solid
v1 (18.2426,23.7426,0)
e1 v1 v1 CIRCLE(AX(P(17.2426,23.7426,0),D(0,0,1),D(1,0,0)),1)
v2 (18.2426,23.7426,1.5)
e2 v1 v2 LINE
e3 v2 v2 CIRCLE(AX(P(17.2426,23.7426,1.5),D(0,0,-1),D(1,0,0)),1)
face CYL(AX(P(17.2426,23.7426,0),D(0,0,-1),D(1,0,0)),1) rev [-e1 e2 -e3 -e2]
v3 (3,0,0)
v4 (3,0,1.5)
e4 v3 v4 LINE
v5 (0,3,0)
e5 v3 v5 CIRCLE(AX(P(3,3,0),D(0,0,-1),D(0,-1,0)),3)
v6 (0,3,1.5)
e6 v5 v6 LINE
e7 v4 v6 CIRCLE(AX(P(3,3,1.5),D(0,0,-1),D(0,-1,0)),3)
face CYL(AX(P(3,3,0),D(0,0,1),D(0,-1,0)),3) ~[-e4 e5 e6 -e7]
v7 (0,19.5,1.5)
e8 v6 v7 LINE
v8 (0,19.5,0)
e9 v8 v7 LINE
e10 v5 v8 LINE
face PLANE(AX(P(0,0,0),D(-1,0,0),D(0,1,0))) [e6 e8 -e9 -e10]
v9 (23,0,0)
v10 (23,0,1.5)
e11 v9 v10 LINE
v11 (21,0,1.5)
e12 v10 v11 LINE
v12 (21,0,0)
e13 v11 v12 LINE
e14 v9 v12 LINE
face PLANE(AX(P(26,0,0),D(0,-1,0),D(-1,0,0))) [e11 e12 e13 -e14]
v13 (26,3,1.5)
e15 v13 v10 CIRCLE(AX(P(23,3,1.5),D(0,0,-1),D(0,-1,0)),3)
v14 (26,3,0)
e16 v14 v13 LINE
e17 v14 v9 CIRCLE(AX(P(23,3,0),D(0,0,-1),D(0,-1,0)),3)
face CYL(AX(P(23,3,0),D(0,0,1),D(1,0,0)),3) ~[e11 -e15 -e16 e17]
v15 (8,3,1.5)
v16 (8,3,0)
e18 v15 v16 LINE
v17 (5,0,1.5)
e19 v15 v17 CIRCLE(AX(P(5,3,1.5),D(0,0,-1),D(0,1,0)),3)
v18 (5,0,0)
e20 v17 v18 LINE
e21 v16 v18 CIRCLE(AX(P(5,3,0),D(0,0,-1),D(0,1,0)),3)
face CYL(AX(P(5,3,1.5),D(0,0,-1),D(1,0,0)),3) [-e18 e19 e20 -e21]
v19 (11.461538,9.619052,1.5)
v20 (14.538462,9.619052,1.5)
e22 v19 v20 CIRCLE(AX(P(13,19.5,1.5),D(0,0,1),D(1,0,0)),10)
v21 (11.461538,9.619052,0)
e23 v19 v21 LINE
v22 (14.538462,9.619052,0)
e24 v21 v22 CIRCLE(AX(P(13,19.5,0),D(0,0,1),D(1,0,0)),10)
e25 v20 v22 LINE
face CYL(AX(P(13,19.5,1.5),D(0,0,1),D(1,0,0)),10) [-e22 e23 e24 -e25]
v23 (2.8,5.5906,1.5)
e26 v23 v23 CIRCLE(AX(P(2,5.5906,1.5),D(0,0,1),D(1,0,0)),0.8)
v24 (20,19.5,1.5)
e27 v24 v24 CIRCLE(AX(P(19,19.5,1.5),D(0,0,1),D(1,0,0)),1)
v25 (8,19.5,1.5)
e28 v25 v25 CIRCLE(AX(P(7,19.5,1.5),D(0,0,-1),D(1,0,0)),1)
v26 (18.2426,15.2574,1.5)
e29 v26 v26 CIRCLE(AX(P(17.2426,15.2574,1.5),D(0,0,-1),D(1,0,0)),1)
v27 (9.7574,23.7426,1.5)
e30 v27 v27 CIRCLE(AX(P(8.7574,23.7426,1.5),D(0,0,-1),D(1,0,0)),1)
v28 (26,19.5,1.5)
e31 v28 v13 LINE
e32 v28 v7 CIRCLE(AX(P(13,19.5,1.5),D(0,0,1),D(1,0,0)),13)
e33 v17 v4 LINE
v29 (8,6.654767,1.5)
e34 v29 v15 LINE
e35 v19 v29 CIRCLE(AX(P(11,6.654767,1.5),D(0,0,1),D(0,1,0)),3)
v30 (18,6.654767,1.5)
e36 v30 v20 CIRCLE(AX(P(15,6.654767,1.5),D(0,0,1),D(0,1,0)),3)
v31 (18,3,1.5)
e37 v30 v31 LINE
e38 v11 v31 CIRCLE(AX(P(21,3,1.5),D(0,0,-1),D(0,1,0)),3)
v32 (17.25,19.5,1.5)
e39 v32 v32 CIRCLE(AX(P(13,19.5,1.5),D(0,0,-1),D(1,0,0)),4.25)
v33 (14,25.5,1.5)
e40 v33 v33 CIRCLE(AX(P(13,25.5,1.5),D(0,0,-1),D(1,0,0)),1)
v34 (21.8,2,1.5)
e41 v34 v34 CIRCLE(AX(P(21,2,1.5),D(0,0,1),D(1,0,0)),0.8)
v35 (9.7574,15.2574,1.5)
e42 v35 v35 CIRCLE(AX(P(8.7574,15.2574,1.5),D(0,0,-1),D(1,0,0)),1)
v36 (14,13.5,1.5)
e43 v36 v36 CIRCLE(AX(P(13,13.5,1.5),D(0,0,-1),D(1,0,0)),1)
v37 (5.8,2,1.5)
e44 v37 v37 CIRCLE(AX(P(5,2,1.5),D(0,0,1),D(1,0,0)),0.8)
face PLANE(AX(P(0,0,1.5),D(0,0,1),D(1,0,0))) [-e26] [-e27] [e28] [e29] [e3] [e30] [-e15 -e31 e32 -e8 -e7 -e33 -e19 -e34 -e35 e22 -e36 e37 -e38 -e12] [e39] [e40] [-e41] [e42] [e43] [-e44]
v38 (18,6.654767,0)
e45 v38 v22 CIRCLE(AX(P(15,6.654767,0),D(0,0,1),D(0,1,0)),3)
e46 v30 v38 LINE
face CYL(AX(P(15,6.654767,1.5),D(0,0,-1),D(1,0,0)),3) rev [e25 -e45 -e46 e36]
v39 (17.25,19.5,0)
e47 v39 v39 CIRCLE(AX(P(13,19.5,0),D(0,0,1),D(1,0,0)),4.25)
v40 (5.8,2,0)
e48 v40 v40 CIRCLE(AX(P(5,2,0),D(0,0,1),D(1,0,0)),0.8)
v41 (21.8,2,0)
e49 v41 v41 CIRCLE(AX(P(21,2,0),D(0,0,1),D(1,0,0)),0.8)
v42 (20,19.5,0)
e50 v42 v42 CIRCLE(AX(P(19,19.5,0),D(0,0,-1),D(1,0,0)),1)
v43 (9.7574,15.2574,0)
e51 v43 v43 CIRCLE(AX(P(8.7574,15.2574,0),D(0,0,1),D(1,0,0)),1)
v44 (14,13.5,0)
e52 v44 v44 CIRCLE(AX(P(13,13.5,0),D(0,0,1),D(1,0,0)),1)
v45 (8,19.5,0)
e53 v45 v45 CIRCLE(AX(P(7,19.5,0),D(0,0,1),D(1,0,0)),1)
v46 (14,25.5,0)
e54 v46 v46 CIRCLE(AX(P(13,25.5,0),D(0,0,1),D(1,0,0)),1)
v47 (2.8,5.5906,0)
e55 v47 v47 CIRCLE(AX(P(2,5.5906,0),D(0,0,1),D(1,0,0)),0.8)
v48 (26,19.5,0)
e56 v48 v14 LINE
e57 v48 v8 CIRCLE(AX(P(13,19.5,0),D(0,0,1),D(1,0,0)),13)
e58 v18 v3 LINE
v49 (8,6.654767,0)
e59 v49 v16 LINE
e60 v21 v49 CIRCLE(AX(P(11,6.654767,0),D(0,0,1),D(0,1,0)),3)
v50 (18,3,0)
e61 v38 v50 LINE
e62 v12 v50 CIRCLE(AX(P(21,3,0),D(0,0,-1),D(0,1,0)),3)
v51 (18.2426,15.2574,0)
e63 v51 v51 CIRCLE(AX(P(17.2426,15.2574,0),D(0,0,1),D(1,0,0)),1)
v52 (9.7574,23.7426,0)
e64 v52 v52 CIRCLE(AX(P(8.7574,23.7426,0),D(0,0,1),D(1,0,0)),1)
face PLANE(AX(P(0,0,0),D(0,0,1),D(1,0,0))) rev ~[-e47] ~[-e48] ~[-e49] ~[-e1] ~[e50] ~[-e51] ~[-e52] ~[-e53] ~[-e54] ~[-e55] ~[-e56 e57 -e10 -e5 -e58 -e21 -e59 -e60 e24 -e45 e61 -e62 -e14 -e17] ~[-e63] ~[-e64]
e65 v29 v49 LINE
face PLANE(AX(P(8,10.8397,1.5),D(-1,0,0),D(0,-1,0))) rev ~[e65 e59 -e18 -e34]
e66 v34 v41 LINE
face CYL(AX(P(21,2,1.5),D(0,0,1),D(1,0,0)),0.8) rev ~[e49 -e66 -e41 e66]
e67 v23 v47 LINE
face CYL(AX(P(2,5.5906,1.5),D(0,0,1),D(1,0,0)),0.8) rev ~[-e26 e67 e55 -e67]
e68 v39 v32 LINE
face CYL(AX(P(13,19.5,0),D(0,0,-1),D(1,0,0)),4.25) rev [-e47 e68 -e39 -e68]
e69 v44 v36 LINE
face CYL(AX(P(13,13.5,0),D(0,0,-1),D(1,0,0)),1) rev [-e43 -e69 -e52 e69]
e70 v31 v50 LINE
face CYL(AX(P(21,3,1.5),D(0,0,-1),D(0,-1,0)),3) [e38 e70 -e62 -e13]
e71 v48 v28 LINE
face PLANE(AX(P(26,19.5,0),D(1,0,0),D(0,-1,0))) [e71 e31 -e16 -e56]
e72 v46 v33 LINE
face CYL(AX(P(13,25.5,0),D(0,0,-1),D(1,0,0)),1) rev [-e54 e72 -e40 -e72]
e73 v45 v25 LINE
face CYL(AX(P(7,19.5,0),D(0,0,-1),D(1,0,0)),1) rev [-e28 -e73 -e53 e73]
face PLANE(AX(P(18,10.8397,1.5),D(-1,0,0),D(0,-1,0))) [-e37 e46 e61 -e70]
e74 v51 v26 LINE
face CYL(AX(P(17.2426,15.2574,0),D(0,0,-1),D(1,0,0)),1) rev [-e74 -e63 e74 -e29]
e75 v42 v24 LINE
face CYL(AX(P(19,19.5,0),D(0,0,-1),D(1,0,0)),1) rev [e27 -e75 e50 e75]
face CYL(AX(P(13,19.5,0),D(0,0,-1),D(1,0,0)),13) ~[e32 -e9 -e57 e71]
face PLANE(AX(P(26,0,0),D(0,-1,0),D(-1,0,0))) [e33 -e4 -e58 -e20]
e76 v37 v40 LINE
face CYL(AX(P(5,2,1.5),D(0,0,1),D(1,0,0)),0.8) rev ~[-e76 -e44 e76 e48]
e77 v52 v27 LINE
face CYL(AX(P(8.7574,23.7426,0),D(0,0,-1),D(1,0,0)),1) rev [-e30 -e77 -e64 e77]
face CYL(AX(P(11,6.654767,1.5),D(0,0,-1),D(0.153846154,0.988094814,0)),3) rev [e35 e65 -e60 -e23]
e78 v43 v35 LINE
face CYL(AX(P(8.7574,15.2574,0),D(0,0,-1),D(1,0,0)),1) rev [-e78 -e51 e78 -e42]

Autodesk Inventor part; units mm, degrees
ref_plane "YZ Plane" through (0, 0, 0) normal (1, 0, 0) x (0, 1, 0)
ref_plane "XZ Plane" through (0, 0, 0) normal (0, 1, 0) x (-1, 0, 0)
ref_plane "XY Plane" through (0, 0, 0) normal (0, 0, 1) x (1, 0, 0)
sketch "スケッチ1" plane through (0, 0, 0) normal (0, 0, 1) x (1, 0, 0)
  line L0 (0, 19.5) -> (26, 19.5)
  line L1 (26, 19.5) -> (26, 0)
  line L2 (26, 0) -> (0, 0)
  line L3 (0, 0) -> (0, 19.5)
  circle A0 centre (13, 19.5) radius 13
  circle A1 centre (13, 19.5) radius 4.25
  circle A2 centre (13, 19.5) radius 6
  circle A3 centre (13, 25.5) radius 1
  circle A4 centre (8.7574, 23.7426) radius 1
  circle A5 centre (7, 19.5) radius 1
  circle A6 centre (8.7574, 15.2574) radius 1
  circle A7 centre (13, 13.5) radius 1
  circle A8 centre (17.2426, 15.2574) radius 1
  circle A9 centre (19, 19.5) radius 1
  circle A10 centre (17.2426, 23.7426) radius 1
  point P0 (0, 19.5)
  dimension "d3" = 12
  dimension "d0" = 19.5
  dimension "d1" = 26
  dimension "d2" = 8.5
  dimension "d4" = 2
  dimension "d7" = 360
extrude "押し出し1" add sketch "スケッチ1" along normal blind 1.5 contours A9 A2 A10 A3 A4 A5 L0 A0 | L0 A0 A5 A2 A6 A7 A8 A9 | A9 A2 A8 A7 A6 A5 L0 A1 | L0 A1 A5 A2 A4 A3 A10 A9 | L1 L2 L3 A0
sketch "スケッチ2" plane through (0, 0, 1.5) normal (0, 0, 1) x (1, 0, 0)
  circle A0 centre (2, 5.5906) radius 0.8 projected
  circle A1 centre (5, 2) radius 0.8 projected
  circle A2 centre (21, 2) radius 0.8 projected
  circle A3 centre (13, 19.5) radius 4.25 projected
  circle A4 centre (13, 19.5) radius 10
  line L0 (0, 0) -> (26, 0) projected
  line L1 (8, 10.8397) -> (8, 0)
  line L2 (18, 10.8397) -> (18, 0)
  point P0 (2, 0)
  point P1 (24, 0)
  dimension "d14" = 20
  dimension "d16" = 3
  dimension "d17" = 3
extrude "押し出し2" cut sketch "スケッチ2" against normal through all contours A0 | A1 | A2 | A4 L2 L0 L1
fillet "フィレット2" radius 3 6 edges at (0, 0, 0.75) (8, 0, 0.75) (8, 10.8397, 0.75) (18, 10.8397, 0.75) (18, 0, 0.75) (26, 0, 0.75)
properties part number "hipjoint_toleg_upper" material "アルミニウム 6061"
